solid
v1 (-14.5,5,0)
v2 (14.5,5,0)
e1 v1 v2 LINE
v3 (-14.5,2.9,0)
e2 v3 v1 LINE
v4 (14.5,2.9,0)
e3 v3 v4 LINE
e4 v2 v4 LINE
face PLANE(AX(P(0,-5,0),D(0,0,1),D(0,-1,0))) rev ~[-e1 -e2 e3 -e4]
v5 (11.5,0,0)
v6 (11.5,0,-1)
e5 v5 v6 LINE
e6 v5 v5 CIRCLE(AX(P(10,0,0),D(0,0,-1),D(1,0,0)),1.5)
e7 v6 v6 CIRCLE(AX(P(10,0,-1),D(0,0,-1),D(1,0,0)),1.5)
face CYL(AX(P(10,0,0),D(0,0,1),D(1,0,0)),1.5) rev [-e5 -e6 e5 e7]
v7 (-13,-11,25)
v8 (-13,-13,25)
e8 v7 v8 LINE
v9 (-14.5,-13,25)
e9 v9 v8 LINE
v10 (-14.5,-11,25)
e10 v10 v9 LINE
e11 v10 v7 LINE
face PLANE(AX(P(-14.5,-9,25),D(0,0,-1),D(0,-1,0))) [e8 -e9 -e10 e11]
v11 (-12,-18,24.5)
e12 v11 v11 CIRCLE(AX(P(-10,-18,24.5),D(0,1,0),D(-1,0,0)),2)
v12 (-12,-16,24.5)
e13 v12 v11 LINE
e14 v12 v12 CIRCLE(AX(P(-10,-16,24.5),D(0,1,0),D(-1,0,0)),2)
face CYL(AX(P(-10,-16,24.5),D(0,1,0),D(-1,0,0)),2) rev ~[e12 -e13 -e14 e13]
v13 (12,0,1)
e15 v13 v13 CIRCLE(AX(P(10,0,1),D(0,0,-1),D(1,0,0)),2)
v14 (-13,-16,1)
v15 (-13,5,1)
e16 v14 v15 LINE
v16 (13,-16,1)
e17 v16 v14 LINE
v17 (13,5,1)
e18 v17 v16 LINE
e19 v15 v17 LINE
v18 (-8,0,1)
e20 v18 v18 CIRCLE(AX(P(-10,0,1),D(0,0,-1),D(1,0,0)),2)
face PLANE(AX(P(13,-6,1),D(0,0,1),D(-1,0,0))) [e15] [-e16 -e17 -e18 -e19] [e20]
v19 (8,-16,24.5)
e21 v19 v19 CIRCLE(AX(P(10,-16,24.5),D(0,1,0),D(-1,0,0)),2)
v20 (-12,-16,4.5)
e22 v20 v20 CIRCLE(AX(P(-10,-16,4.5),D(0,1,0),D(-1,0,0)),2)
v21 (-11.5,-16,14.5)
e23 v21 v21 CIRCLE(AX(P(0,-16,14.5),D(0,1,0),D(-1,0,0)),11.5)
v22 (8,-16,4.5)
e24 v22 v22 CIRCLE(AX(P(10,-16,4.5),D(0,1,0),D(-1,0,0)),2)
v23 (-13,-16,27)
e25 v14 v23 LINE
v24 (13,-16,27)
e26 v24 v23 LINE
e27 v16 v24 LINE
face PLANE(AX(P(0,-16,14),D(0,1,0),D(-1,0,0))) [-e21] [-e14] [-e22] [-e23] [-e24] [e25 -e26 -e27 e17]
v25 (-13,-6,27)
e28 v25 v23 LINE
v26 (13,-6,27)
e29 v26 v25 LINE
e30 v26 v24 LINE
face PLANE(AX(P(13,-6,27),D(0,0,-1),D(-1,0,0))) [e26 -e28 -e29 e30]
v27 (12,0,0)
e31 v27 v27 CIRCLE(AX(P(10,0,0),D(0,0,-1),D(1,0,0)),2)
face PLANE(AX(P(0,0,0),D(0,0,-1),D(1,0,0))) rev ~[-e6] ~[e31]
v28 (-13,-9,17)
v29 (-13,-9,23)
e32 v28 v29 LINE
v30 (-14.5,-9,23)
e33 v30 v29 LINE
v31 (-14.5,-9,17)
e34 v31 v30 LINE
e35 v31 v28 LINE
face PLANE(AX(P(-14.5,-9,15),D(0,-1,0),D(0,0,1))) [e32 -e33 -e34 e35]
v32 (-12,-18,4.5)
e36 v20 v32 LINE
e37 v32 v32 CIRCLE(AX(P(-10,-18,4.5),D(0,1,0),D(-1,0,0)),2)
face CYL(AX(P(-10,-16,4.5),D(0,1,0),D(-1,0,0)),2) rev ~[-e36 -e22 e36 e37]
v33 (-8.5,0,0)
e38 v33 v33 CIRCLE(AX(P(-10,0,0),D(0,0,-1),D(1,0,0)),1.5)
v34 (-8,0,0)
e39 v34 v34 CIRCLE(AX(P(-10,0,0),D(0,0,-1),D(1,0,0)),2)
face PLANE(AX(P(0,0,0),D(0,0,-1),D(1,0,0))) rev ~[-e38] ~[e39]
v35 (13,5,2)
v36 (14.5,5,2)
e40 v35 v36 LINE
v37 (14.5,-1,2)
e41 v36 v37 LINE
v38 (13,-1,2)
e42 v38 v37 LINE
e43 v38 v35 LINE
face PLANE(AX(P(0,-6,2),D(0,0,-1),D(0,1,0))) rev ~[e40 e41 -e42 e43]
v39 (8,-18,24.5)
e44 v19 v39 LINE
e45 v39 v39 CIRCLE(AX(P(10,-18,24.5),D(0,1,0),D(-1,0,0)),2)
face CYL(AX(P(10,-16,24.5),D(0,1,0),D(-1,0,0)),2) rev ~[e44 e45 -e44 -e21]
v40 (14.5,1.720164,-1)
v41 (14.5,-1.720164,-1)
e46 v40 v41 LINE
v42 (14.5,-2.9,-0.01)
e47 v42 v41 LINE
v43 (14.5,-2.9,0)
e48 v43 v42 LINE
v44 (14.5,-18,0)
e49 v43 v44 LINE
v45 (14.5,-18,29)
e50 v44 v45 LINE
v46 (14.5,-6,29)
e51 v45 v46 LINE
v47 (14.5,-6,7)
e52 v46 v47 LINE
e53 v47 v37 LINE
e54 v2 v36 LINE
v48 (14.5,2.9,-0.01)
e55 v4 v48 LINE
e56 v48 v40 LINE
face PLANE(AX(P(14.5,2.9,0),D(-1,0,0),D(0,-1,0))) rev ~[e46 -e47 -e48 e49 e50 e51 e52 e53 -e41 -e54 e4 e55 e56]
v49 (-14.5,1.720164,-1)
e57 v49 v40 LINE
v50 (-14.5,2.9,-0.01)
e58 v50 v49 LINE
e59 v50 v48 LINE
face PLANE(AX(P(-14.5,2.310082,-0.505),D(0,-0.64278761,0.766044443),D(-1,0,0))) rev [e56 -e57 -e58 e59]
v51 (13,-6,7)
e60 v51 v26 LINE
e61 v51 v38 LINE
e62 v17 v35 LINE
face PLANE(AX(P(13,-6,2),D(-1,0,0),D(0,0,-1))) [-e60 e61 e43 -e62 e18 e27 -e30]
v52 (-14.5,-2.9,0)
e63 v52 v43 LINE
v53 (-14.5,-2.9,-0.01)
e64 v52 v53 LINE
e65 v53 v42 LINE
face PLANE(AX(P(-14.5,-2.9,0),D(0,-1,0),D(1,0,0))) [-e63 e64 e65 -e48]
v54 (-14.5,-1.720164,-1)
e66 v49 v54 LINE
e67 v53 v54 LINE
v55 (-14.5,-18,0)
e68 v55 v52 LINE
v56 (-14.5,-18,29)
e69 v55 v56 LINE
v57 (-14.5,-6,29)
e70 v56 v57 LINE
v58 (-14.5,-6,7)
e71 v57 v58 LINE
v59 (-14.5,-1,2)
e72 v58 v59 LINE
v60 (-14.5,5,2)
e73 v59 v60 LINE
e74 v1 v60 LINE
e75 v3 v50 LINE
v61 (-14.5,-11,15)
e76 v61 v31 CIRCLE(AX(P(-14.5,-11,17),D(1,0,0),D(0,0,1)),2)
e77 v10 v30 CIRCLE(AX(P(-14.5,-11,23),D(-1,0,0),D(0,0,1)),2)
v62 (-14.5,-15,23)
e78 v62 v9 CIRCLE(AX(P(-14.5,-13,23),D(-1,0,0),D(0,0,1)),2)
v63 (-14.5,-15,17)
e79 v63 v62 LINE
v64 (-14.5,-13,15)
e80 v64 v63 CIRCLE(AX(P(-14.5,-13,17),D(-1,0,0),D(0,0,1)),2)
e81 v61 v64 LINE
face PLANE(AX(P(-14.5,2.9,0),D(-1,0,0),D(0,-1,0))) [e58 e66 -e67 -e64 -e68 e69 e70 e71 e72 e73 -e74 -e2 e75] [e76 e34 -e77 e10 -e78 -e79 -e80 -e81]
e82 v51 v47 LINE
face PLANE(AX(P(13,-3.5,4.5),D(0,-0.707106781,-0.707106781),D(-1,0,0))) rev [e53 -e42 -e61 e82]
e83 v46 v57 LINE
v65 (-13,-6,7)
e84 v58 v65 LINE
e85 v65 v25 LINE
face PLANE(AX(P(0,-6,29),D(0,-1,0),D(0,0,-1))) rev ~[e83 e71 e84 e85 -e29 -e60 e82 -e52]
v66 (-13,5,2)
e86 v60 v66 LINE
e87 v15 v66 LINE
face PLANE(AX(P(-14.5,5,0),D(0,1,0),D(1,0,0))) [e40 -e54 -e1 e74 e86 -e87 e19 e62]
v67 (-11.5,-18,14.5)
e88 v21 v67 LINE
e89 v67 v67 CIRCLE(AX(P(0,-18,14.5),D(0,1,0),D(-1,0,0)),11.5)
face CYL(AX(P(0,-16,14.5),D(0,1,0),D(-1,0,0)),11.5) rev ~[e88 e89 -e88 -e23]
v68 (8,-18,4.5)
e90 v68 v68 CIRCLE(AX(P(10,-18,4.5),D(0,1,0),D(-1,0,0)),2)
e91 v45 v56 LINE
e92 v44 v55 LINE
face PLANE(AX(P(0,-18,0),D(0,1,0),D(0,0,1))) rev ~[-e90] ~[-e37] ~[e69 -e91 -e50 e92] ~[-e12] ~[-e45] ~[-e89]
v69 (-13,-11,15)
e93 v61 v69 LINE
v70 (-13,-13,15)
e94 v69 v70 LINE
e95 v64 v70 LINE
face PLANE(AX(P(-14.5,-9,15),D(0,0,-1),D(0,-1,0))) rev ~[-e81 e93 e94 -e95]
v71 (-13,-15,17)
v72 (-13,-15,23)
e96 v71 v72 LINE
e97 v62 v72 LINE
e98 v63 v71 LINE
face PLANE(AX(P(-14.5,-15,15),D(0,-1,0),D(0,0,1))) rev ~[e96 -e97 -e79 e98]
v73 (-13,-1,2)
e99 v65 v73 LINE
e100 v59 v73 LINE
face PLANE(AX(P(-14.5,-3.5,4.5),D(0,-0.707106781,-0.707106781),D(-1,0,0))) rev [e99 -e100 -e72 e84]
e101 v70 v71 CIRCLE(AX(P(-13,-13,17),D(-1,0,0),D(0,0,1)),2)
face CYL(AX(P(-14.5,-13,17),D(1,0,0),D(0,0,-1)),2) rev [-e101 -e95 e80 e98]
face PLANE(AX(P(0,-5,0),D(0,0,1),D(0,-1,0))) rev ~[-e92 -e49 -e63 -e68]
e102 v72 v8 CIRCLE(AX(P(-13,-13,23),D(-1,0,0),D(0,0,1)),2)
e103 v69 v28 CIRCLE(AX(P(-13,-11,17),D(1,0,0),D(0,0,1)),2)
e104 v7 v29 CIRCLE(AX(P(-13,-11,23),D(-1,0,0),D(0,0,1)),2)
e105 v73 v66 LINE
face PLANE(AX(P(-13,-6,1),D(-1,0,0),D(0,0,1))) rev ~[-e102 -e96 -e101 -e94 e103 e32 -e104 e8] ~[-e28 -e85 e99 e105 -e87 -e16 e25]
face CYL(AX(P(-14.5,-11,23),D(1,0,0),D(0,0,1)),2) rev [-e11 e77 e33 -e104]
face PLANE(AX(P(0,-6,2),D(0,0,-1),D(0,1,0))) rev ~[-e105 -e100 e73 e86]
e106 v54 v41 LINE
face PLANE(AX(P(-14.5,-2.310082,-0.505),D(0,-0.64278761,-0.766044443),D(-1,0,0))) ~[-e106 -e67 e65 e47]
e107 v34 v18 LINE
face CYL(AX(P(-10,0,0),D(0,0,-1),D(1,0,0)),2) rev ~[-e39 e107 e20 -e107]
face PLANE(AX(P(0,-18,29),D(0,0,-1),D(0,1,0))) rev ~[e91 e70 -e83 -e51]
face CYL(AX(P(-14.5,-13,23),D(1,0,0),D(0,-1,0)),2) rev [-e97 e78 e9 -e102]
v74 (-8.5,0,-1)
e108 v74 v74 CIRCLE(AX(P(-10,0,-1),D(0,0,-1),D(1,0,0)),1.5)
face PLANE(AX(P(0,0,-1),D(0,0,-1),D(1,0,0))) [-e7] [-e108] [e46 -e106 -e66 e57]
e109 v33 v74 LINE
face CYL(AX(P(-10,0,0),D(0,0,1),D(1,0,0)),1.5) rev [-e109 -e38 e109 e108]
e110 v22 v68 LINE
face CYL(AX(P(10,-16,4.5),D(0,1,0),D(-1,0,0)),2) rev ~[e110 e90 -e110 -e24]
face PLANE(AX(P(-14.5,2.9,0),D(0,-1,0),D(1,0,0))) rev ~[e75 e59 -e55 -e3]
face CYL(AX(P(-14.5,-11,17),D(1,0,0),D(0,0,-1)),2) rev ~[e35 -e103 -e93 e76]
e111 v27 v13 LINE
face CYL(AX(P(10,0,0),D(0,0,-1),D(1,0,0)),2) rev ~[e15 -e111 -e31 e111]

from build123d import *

# Parameters (mm, degrees)
SKETCH_W        = 29
SKETCH_H        = 10
PAD_DEPTH       = 2
PAD001_DEPTH    = 14.5
SKETCH002_W     = 26
SKETCH002_H     = 26
POCKET_DEPTH    = 10
SKETCH003_R     = 11.5
POCKET001_DEPTH = 5
SKETCH004_R     = 2
POCKET003_DEPTH = 5
SKETCH008_R     = 2
POCKET004_DEPTH = 5
SKETCH009_W     = 29
SKETCH009_H     = 5.8
SKETCH009_R     = 1.5
PAD005_DEPTH    = 1
CHAMFER_1_ANGLE = 50
CHAMFER_1_SIZE  = 0.99
CHAMFER_2_ANGLE = 50
CHAMFER_2_SIZE  = 0.99
SKETCH010_W     = 6
SKETCH010_H     = 10
POCKET005_DEPTH = 5
FILLET_R        = 2
FILLET_FACE26_W = 26
FILLET_FACE26_H = 1
POCKET006_DEPTH = 11.001
CHAMFER001_SIZE = 5


with BuildPart() as part:
    # Sketch → Pad (new body)
    with BuildSketch(Plane.XY):
        Rectangle(SKETCH_W, SKETCH_H)
    extrude(amount=PAD_DEPTH)

    # Sketch001 → Pad001 (join, symmetric)
    with BuildSketch(Plane.YZ):
        Polygon((-5, 0), (-18, 0), (-18, 29), (-6, 29), (-6, 2), (-5, 2), align=None)
    extrude(amount=PAD001_DEPTH, both=True)

    # Sketch002 (on Face5 of Pad001) → Pocket (cut)
    with BuildSketch(Plane(origin=(0, -6, 0), x_dir=(-1, 0, 0), z_dir=(0, 1, 0))):
        with Locations((0, 14)):
            Rectangle(SKETCH002_W, SKETCH002_H)
    extrude(amount=-POCKET_DEPTH, mode=Mode.SUBTRACT)

    # Sketch003 (on Face14 of Pocket) → Pocket001 (cut)
    with BuildSketch(Plane(origin=(0, -16, 0), x_dir=(-1, 0, 0), z_dir=(0, 1, 0))):
        with Locations((0, 14.5)):
            Circle(SKETCH003_R)
    extrude(amount=-POCKET001_DEPTH, mode=Mode.SUBTRACT)

    # Sketch004 (on Face15 of Pocket001) → Pocket003 (cut)
    with BuildSketch(Plane(origin=(0, -16, 0), x_dir=(-1, 0, 0), z_dir=(0, 1, 0))):
        with Locations((-10, 24.5)):
            Circle(SKETCH004_R)
        with Locations((10, 24.5)):
            Circle(SKETCH004_R)
        with Locations((10, 4.5)):
            Circle(SKETCH004_R)
        with Locations((-10, 4.5)):
            Circle(SKETCH004_R)
    extrude(amount=-POCKET003_DEPTH, mode=Mode.SUBTRACT)

    # Sketch008 (on Face4 of Pocket003) → Pocket004 (cut)
    with BuildSketch(Plane(origin=(0, 0, 0), x_dir=(1, 0, 0), z_dir=(0, 0, -1))):
        with Locations((-10, 0)):
            Circle(SKETCH008_R)
        with Locations((10, 0)):
            Circle(SKETCH008_R)
    extrude(amount=-POCKET004_DEPTH, mode=Mode.SUBTRACT)

    # Sketch009 (on Face4 of Pocket004) → Pad005 (join)
    with BuildSketch(Plane(origin=(0, 0, 0), x_dir=(1, 0, 0), z_dir=(0, 0, -1))):
        Rectangle(SKETCH009_W, SKETCH009_H)
        with Locations((-10, 0)):
            Circle(SKETCH009_R, mode=Mode.SUBTRACT)
        with Locations((10, 0)):
            Circle(SKETCH009_R, mode=Mode.SUBTRACT)
    extrude(amount=PAD005_DEPTH)

    # Chamfer 1
    chamfer_1_edges = [part.edges().sort_by_distance(p)[0] for p in [
        (0, -2.9, -1),
    ]]
    chamfer_1_side = part.faces().sort_by_distance((0, -2.9, -0.5))[0]
    chamfer(chamfer_1_edges, length=CHAMFER_1_SIZE, angle=CHAMFER_1_ANGLE, reference=chamfer_1_side)

    # Chamfer 2
    chamfer_2_edges = [part.edges().sort_by_distance(p)[0] for p in [
        (0, 2.9, -1),
    ]]
    chamfer_2_side = part.faces().sort_by_distance((0, 2.9, -0.5))[0]
    chamfer(chamfer_2_edges, length=CHAMFER_2_SIZE, angle=CHAMFER_2_ANGLE, reference=chamfer_2_side)

    # Sketch010 → Pocket005 (cut)
    with BuildSketch(Plane(origin=(-14.5, 0, 0), x_dir=(0, -1, 0), z_dir=(-1, 0, 0))):
        with Locations((12, 20)):
            Rectangle(SKETCH010_W, SKETCH010_H)
    extrude(amount=-POCKET005_DEPTH, mode=Mode.SUBTRACT)

    # Fillet
    fillet_edges = [part.edges().sort_by_distance(p)[0] for p in [
        (-13.75, -9, 15),
        (-13.75, -9, 25),
        (-13.75, -15, 15),
        (-13.75, -15, 25),
    ]]
    fillet(fillet_edges, radius=FILLET_R)

    # Fillet Face26 → Pocket006 (cut, through all)
    with BuildSketch(Plane(origin=(0, -6, 1.5), x_dir=(-1, 0, 0), z_dir=(0, -1, 0))):
        Rectangle(FILLET_FACE26_W, FILLET_FACE26_H)
    extrude(amount=-POCKET006_DEPTH, mode=Mode.SUBTRACT)

    # Chamfer001
    chamfer001_edges = [part.edges().sort_by_distance(p)[0] for p in [
        (13.75, -6, 2),
        (-13.75, -6, 2),
    ]]
    chamfer(chamfer001_edges, length=CHAMFER001_SIZE)


solid = part.part
